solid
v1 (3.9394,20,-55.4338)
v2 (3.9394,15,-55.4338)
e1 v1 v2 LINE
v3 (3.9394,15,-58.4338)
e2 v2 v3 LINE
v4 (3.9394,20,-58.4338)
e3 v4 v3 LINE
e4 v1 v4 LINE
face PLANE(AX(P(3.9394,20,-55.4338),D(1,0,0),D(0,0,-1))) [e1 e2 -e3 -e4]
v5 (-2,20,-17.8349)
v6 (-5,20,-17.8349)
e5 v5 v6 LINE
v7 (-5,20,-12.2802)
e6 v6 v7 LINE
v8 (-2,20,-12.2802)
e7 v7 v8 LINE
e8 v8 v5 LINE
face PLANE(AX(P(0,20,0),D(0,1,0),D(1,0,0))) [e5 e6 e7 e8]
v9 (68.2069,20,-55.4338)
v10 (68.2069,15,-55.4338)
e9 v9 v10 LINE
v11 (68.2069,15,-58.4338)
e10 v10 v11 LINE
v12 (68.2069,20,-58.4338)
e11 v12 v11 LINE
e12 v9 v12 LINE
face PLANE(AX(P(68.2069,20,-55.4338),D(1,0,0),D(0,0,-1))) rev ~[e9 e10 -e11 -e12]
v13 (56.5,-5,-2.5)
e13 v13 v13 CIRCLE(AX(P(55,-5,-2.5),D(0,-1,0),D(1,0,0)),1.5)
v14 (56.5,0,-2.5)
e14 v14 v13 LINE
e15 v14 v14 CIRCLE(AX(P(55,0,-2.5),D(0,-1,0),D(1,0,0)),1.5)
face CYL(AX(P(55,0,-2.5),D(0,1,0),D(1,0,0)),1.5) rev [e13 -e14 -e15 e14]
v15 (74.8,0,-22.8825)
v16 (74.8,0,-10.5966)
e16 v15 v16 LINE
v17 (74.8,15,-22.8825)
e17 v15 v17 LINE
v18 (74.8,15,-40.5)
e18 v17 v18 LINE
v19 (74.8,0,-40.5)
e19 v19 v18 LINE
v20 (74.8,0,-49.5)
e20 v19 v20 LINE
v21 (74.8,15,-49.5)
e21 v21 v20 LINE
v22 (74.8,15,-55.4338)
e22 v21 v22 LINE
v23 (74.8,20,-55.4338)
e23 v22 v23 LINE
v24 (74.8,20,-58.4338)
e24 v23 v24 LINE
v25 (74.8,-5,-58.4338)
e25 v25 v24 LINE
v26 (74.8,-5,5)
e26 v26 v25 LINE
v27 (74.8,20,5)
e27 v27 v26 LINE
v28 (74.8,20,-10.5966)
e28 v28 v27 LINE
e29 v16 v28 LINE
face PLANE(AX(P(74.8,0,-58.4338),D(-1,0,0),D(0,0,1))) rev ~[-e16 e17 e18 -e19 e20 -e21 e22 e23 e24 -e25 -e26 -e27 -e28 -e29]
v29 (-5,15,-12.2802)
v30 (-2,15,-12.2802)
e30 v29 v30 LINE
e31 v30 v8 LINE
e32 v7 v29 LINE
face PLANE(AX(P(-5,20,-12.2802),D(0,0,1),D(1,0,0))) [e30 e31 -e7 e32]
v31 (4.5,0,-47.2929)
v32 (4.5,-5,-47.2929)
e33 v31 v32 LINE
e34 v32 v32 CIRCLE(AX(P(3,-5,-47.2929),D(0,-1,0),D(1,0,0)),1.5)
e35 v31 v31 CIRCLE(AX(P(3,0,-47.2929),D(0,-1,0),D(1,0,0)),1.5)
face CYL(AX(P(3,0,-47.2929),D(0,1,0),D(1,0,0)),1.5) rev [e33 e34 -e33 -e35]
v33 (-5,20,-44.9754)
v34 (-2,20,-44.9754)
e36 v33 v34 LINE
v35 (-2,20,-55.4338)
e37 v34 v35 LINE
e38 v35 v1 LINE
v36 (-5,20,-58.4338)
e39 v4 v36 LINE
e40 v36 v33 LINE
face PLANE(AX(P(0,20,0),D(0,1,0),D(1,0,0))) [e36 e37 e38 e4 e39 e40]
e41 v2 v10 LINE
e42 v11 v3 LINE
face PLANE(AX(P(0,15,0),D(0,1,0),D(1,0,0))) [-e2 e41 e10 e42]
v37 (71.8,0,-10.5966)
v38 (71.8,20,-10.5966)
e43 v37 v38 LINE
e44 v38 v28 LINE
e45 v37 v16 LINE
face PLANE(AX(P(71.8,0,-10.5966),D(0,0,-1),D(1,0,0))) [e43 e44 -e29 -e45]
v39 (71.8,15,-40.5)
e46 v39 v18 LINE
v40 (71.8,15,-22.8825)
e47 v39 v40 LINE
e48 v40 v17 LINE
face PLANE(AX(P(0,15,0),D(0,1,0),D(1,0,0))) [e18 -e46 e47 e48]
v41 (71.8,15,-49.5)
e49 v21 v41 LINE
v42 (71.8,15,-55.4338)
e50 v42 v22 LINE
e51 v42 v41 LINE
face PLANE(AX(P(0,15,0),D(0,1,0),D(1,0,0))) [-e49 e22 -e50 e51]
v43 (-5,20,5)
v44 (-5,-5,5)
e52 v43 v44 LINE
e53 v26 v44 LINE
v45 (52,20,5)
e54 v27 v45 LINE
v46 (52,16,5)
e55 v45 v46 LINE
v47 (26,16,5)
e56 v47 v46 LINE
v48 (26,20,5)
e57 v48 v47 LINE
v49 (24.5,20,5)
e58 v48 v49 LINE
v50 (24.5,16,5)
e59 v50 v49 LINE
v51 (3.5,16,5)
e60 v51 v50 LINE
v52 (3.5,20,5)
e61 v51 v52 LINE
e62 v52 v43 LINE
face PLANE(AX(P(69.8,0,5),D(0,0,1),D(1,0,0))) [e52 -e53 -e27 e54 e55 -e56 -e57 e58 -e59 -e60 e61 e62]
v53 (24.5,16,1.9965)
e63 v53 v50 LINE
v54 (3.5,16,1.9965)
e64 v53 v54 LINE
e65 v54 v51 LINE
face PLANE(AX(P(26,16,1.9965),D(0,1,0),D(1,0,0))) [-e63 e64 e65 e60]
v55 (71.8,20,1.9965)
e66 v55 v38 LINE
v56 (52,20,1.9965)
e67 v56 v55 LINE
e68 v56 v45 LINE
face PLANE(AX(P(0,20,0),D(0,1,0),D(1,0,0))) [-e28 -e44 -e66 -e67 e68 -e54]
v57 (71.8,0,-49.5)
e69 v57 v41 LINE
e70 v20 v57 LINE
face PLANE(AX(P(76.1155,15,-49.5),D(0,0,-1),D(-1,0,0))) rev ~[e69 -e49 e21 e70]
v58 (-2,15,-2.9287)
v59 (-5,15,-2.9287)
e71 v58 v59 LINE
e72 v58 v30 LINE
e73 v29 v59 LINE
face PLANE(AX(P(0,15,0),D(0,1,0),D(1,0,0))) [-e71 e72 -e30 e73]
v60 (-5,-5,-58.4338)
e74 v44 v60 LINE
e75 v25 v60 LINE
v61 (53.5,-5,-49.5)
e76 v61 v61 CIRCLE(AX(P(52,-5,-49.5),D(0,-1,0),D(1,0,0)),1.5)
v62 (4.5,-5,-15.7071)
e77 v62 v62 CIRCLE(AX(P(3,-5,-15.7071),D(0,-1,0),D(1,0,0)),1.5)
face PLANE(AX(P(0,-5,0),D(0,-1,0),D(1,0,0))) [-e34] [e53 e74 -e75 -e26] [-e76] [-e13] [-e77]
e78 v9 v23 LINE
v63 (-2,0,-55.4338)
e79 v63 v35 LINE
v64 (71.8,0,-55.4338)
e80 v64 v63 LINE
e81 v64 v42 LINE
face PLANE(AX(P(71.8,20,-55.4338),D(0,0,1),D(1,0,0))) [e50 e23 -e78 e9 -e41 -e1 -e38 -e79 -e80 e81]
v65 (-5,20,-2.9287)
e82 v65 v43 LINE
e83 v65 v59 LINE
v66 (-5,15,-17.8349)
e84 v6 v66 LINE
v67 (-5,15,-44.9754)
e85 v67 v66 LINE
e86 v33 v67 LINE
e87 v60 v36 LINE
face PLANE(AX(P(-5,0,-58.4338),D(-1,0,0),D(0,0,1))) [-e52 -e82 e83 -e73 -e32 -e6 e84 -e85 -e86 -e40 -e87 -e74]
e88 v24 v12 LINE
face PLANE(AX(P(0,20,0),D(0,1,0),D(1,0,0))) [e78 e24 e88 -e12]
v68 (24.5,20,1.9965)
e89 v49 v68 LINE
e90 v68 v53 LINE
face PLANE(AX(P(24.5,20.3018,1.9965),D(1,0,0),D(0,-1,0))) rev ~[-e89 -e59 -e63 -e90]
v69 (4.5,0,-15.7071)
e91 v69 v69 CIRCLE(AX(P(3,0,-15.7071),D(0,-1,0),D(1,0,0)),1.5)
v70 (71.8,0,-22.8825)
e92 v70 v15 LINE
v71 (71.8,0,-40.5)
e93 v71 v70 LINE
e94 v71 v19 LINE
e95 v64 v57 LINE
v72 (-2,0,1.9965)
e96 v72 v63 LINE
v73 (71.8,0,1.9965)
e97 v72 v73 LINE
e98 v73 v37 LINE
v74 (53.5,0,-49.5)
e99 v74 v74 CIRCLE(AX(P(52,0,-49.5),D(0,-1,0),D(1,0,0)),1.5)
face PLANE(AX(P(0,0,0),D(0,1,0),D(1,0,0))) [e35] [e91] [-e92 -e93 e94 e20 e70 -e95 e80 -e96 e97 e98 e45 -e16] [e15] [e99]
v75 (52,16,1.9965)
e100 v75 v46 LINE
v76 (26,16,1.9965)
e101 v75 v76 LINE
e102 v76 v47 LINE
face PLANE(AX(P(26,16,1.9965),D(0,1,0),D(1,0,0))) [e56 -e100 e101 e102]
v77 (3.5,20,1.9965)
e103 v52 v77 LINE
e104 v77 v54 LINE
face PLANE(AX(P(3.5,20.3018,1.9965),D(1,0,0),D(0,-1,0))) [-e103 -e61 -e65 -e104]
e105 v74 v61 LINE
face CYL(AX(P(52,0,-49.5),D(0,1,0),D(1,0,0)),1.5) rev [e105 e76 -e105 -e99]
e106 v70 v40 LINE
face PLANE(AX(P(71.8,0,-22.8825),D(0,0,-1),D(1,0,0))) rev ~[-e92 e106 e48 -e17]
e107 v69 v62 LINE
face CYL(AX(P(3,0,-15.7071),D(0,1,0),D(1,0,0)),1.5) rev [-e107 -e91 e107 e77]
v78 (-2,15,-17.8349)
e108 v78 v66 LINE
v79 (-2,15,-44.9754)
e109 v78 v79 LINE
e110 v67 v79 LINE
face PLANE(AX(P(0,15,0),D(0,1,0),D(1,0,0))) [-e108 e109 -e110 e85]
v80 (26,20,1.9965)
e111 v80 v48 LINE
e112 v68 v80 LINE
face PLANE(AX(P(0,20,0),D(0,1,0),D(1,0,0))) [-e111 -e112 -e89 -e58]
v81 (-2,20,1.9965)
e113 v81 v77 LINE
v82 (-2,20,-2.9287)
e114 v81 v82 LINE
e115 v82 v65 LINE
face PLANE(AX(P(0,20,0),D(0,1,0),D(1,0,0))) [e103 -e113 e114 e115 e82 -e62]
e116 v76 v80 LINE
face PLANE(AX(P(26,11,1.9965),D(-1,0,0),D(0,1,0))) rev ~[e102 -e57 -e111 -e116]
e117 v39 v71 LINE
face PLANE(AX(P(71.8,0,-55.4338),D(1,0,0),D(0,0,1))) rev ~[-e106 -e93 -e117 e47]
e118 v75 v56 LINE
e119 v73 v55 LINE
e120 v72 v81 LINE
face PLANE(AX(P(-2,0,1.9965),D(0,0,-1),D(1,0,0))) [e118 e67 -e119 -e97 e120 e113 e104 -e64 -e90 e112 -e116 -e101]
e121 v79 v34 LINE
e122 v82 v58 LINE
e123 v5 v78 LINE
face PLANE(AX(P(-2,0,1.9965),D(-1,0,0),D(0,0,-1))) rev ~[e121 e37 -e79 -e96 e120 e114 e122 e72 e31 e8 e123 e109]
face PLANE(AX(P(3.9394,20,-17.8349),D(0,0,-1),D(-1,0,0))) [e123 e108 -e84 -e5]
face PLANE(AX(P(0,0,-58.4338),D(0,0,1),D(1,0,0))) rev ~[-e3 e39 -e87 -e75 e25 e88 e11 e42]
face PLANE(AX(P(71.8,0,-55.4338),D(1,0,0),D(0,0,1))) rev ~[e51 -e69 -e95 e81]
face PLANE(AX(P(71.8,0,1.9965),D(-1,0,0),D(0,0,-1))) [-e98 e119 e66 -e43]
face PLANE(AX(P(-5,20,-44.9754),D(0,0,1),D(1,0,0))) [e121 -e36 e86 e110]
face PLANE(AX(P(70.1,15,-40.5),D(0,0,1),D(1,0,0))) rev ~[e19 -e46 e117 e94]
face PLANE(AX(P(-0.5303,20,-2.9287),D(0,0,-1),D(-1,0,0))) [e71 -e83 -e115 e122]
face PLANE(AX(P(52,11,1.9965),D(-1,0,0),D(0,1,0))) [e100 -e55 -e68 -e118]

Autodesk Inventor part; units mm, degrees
ref_plane "YZ Plane" through (0, 0, 0) normal (1, 0, 0) x (0, 1, 0)
ref_plane "XZ Plane" through (0, 0, 0) normal (0, 1, 0) x (-1, 0, 0)
ref_plane "XY Plane" through (0, 0, 0) normal (0, 0, 1) x (1, 0, 0)
ref_plane "Work Plane2" through (0, 0, 0) normal (0, -1, 0) x (1, 0, 0)
sketch "Sketch33" plane through (0, 0, 0) normal (0, -1, 0) x (1, 0, 0)
  line L0 (74.8, -53.4338) -> (0, -53.4338)
  line L1 (0, -53.4338) -> (0, 0)
  line L2 (0, 0) -> (74.8, 0)
  line L3 (74.8, 0) -> (74.8, -53.4338)
  line L4 (74.8, -53.4338) -> (0, -53.4338)
  line L5 (0, -53.4338) -> (0, 0)
  line L6 (0, 0) -> (74.8, 0)
  line L7 (74.8, 0) -> (74.8, -53.4338)
  circle A0 centre (52, -49.5) radius 1.5 projected
  circle A1 centre (52, -49.5) radius 1.5
  circle A2 centre (3, -47.2929) radius 1.5 projected
  circle A3 centre (3, -47.2929) radius 1.5
  circle A4 centre (3, -15.7071) radius 1.5 projected
  circle A5 centre (3, -15.7071) radius 1.5
  circle A6 centre (55, -2.5) radius 1.5 projected
  circle A7 centre (55, -2.5) radius 1.5
  line L8 (74.8, -53.4338) -> (0, -53.4338)
  line L9 (0, -53.4338) -> (0, -58.4338)
  line L10 (0, -58.4338) -> (74.8, -58.4338)
  line L11 (74.8, -58.4338) -> (74.8, -53.4338)
  line L12 (0, -58.4338) -> (-5, -58.4338)
  line L13 (-5, -58.4338) -> (-5, -53.4338)
  line L14 (-5, -53.4338) -> (0, -53.4338)
  line L15 (0, -53.4338) -> (0, -58.4338)
  line L16 (0, 0) -> (-5, 0)
  line L17 (-5, 0) -> (-5, -53.4338)
  line L18 (-5, -53.4338) -> (0, -53.4338)
  line L19 (0, -53.4338) -> (0, 0)
  line L20 (-5, 0) -> (0, 0)
  line L21 (0, 0) -> (0, 5)
  line L22 (0, 5) -> (-5, 5)
  line L23 (-5, 5) -> (-5, 0)
  line L24 (0, 5) -> (74.8, 5)
  line L25 (74.8, 5) -> (74.8, 0)
  line L26 (74.8, 0) -> (0, 0)
  line L27 (0, 0) -> (0, 5)
  line L28 (74.8, -53.4338) -> (69.8, -53.4338)
  line L29 (69.8, -53.4338) -> (69.8, 5)
  line L30 (69.8, 5) -> (74.8, 5)
  line L31 (74.8, 5) -> (74.8, -53.4338)
  point P0 (74.8, 0)
  dimension "d220" = 5
  dimension "d221" = 5
  dimension "d222" = 5
  dimension "d223" = 5
extrude "Extrusion32" add sketch "Sketch33" along normal blind 5
ref_plane "Work Plane16" through (0, 0, 0) normal (0, 1, 0) x (1, 0, 0)
sketch "Sketch38" plane through (0, 0, 0) normal (0, 1, 0) x (1, 0, 0)
  line L0 (74.8, -5) -> (-5, -5) projected
  line L1 (-5, 58.4338) -> (74.8, 58.4338) projected
  line L2 (-5, -5) -> (-2, -5)
  line L3 (-2, -5) -> (-2, 58.4338)
  line L4 (-2, 58.4338) -> (-5, 58.4338)
  line L5 (-5, 58.4338) -> (-5, -5)
  line L6 (-5, -5) -> (-5, 58.4338) projected
  line L7 (74.8, 58.4338) -> (74.8, -5) projected
  line L8 (-5, 58.4338) -> (74.8, 58.4338)
  line L9 (74.8, 58.4338) -> (74.8, 55.4338)
  line L10 (74.8, 55.4338) -> (-5, 55.4338)
  line L11 (-5, 55.4338) -> (-5, 58.4338)
  line L12 (74.8, 58.4338) -> (71.8, 58.4338)
  line L13 (71.8, 58.4338) -> (71.8, 22.8825)
  line L14 (71.8, 22.8825) -> (74.8, 22.8825)
  line L15 (74.8, 22.8825) -> (74.8, 58.4338)
  line L16 (74.8, -5) -> (71.8, -5)
  line L17 (71.8, -5) -> (71.8, 10.5966)
  line L18 (71.8, 10.5966) -> (74.8, 10.5966)
  line L19 (74.8, 10.5966) -> (74.8, -5)
  line L20 (74.8, -5) -> (-5, -5)
  line L21 (-5, -5) -> (-5, -1.9965)
  line L22 (-5, -1.9965) -> (74.8, -1.9965)
  line L23 (74.8, -1.9965) -> (74.8, -5)
  point P0 (0, 0)
  point P1 (71.8, -1.9965)
  point P2 (-2, -1.9965)
  point P3 (-2, 55.4338)
  point P4 (71.8, 55.4338)
  dimension "d231" = 3
  dimension "d232" = 3
  dimension "d233" = 3
extrude "Extrusion33" add sketch "Sketch38" along normal blind 20 contours L0 L17 L22 L7 | L0 L3 L22 L17 | L22 L17 L18 L7 | L0 L5 L22 L3 | L22 L5 L10 L3 | L14 L13 L10 L7 | L10 L5 L1 L3 | L3 L1 L13 L10 | L10 L13 L1 L7
ref_plane "Work Plane11" through (71.8, 0, 1.9965) normal (0, 0, -1) x (-1, 0, 0)
sketch "Sketch45" plane through (71.8, 0, 1.9965) normal (0, 0, -1) x (-1, 0, 0)
  line L0 (47.3, 2) -> (47.3, 11) projected
  line L1 (73.8, 0) -> (0, 0) projected
  line L2 (47.3, 11) -> (45.8, 11)
  line L3 (45.8, 11) -> (45.8, 0)
  line L4 (45.8, 0) -> (47.3, 0)
  line L5 (47.3, 0) -> (47.3, 11)
  line L6 (47.3, 11) -> (45.8, 11)
  line L7 (45.8, 11) -> (45.8, 20.3018)
  line L8 (45.8, 20.3018) -> (47.3, 20.3018)
  line L9 (47.3, 20.3018) -> (47.3, 11)
  line L10 (68.3, 11) -> (47.3, 11) projected
  line L11 (47.3, 20.3018) -> (68.3, 20.3018)
  line L12 (68.3, 20.3018) -> (68.3, 11)
  line L13 (68.3, 11) -> (47.3, 11)
  line L14 (47.3, 11) -> (47.3, 20.3018)
  line L15 (45.8, 11) -> (19.8, 11)
  line L16 (19.8, 11) -> (19.8, 20.3018)
  line L17 (19.8, 20.3018) -> (45.8, 20.3018)
  line L18 (45.8, 20.3018) -> (45.8, 11)
  point P0 (71.8, 0)
  dimension "d243" = 1.5
  dimension "d244" = 26
extrude "Extrusion37" cut sketch "Sketch45" against normal blind 10 contours L9 L11 L12 L10 | L15 L16 L17 L7
ref_plane "Work Plane10" through (0, 20, 0) normal (0, 1, 0) x (1, 0, 0)
sketch "Sketch46" plane through (0, 20, 0) normal (0, 1, 0) x (1, 0, 0)
  line L0 (-2, 55.4338) -> (71.8, 55.4338) projected
  line L1 (75.7583, 22.3753) -> (69.7041, 22.3753)
  line L2 (69.7041, 22.3753) -> (69.7041, 55.4338)
  line L3 (69.7041, 55.4338) -> (75.7583, 55.4338)
  line L4 (75.7583, 55.4338) -> (75.7583, 22.3753)
  point P0 (0, 0)
extrude "Extrusion38" cut sketch "Sketch46" against normal blind 5
ref_plane "Work Plane14" through (0, 15, 0) normal (0, 1, 0) x (1, 0, 0)
sketch "Sketch47" plane through (0, 15, 0) normal (0, 1, 0) x (1, 0, 0)
  line L0 (70.1, 40.5) -> (70.1, 49.5) projected
  line L1 (70.1, 40.5) -> (76.1155, 40.5)
  line L2 (76.1155, 40.5) -> (76.1155, 49.5)
  line L3 (76.1155, 49.5) -> (70.1, 49.5)
  line L4 (70.1, 49.5) -> (70.1, 40.5)
  point P0 (0, 0)
  dimension "d249" = 9
extrude "Extrusion39" cut sketch "Sketch47" against normal blind 15
ref_plane "Work Plane9" through (0, 20, 0) normal (0, 1, 0) x (1, 0, 0)
sketch "Sketch48" plane through (0, 20, 0) normal (0, 1, 0) x (1, 0, 0)
  line L0 (74.8, 58.4338) -> (-5, 58.4338) projected
  line L1 (68.5228, 52.4259) -> (68.2069, 52.4259)
  line L2 (68.2069, 52.4259) -> (68.2069, 58.4338)
  line L3 (68.2069, 58.4338) -> (68.5228, 58.4338)
  line L4 (68.5228, 58.4338) -> (68.5228, 52.4259)
  line L5 (68.2069, 58.4338) -> (68.5228, 58.4338)
  line L6 (68.5228, 58.4338) -> (68.5228, 53.4262)
  line L7 (68.5228, 53.4262) -> (68.2069, 53.4262)
  line L8 (68.2069, 53.4262) -> (68.2069, 58.4338)
  line L9 (-2, 55.4338) -> (74.8, 55.4338) projected
  line L10 (68.5228, 55.4338) -> (50.5228, 55.4338)
  line L11 (50.5228, 55.4338) -> (50.5228, 58.4338)
  line L12 (50.5228, 58.4338) -> (68.5228, 58.4338)
  line L13 (68.5228, 58.4338) -> (68.5228, 55.4338)
  line L14 (51.9394, 55.4338) -> (3.9394, 55.4338)
  line L15 (3.9394, 55.4338) -> (3.9394, 58.4338)
  line L16 (3.9394, 58.4338) -> (51.9394, 58.4338)
  line L17 (51.9394, 58.4338) -> (51.9394, 55.4338)
  line L18 (-5, 58.4338) -> (-5, -5) projected
  line L19 (-5, 44.9754) -> (3.9394, 44.9754)
  line L20 (3.9394, 44.9754) -> (3.9394, 17.8349)
  line L21 (3.9394, 17.8349) -> (-5, 17.8349)
  line L22 (-5, 17.8349) -> (-5, 44.9754)
  line L23 (-5, 12.2802) -> (-0.5303, 12.2802)
  line L24 (-0.5303, 12.2802) -> (-0.5303, 2.9287)
  line L25 (-0.5303, 2.9287) -> (-5, 2.9287)
  line L26 (-5, 2.9287) -> (-5, 12.2802)
  point P0 (0, 0)
  point P1 (68.2069, 55.4338)
  dimension "d252" = 18
  dimension "d253" = 48
ref_plane "Work Plane8" through (0, 20, 0) normal (0, 1, 0) x (1, 0, 0)
sketch "Sketch49" plane through (0, 20, 0) normal (0, 1, 0) x (1, 0, 0)
  line L0 (74.8, 58.4338) -> (-5, 58.4338) projected
  line L1 (-2, 55.4338) -> (74.8, 55.4338) projected
  line L2 (50.5217, 58.4338) -> (3.9392, 58.4338)
  line L3 (3.9392, 58.4338) -> (3.9392, 55.4338)
  line L4 (3.9392, 55.4338) -> (50.5217, 55.4338)
  line L5 (50.5217, 55.4338) -> (50.5217, 58.4338)
  point P0 (0, 0)
extrude "Extrusion40" cut sketch "Sketch48" against normal blind 5 contours L23 L24 L25 L18 | L19 L20 L21 L18 | L2 L9 L17 L0 | L17 L9 L11 L0 | L11 L9 L15 L0
ref_plane "Work Plane13" through (26, 11, 1.9965) normal (0, 1, 0) x (1, 0, 0)
sketch "Sketch50" plane through (26, 11, 1.9965) normal (0, 1, 0) x (1, 0, 0)
  line L0 (-1.5, 0) -> (-1.5, -3.0035) projected
  line L1 (-31, -3.0035) -> (-22.5, -3.0035) projected
  line L2 (-1.5, 0) -> (-22.5, 0)
  line L3 (-22.5, 0) -> (-22.5, -3.0035)
  line L4 (-22.5, -3.0035) -> (-1.5, -3.0035)
  line L5 (-1.5, -3.0035) -> (-1.5, 0)
  line L6 (0, 0) -> (0, -3.0035) projected
  line L7 (26, 0) -> (26, -3.0035) projected
  line L8 (0, -3.0035) -> (26, -3.0035)
  line L9 (26, -3.0035) -> (26, 0)
  line L10 (26, 0) -> (0, 0)
  line L11 (0, 0) -> (0, -3.0035)
  point P0 (-26, 1.9965)
  point P1 (26, -3.0035)
extrude "Extrusion41" add sketch "Sketch50" along normal blind 5
sketch "Sketch51" plane through (0, 20, 0) normal (0, 1, 0) x (1, 0, 0)
  point P0 (0, 0)
sketch "Sketch52" plane through (0, 20, 0) normal (0, 1, 0) x (1, 0, 0)
  line L0 (3.9394, 58.4338) -> (-5, 58.4338) projected
  line L1 (-5, -5) -> (3.5, -5) projected
  line L2 (74.8, 55.4338) -> (74.8, 49.5) projected
  line L3 (-5, 58.4338) -> (-5, 44.9754) projected
  line L4 (74.8, 55.4338) -> (74.8, 58.4338) projected
  line L5 (68.2069, 58.4338) -> (68.2069, 55.4338) projected
  line L6 (74.8, -5) -> (74.8, 10.5966) projected
  line L7 (52, -1.9965) -> (52, -5) projected
  line L8 (52, -5) -> (74.8, -5) projected
  line L9 (71.8, -1.9965) -> (52, -1.9965) projected
  line L10 (71.8, 10.5966) -> (71.8, -1.9965) projected
  line L11 (26, -5) -> (26, -1.9965) projected
  line L12 (24.5, -1.9965) -> (24.5, -5) projected
  line L13 (3.5, -5) -> (3.5, -1.9965) projected
  line L14 (-5, 12.2802) -> (-2, 12.2802) projected
  line L15 (-2, 2.9287) -> (-5, 2.9287) projected
  point P0 (0, 0)
  dimension "d258" = 63.4338
  dimension "d259" = 79.8
  dimension "d260" = 6.5931
  dimension "d261" = 3
  dimension "d262" = 22.8
  dimension "d263" = 3.0035
  dimension "d264" = 3
  dimension "d265" = 12.593
  dimension "d266" = 15.5966
  dimension "d267" = 19.8
  dimension "d268" = 26
  dimension "d269" = 21
  dimension "d270" = 8.5
  dimension "d271" = 9.3515
  dimension "d272" = 13.4584
  dimension "d273" = 8.9394
properties part number "_3DPrint"
